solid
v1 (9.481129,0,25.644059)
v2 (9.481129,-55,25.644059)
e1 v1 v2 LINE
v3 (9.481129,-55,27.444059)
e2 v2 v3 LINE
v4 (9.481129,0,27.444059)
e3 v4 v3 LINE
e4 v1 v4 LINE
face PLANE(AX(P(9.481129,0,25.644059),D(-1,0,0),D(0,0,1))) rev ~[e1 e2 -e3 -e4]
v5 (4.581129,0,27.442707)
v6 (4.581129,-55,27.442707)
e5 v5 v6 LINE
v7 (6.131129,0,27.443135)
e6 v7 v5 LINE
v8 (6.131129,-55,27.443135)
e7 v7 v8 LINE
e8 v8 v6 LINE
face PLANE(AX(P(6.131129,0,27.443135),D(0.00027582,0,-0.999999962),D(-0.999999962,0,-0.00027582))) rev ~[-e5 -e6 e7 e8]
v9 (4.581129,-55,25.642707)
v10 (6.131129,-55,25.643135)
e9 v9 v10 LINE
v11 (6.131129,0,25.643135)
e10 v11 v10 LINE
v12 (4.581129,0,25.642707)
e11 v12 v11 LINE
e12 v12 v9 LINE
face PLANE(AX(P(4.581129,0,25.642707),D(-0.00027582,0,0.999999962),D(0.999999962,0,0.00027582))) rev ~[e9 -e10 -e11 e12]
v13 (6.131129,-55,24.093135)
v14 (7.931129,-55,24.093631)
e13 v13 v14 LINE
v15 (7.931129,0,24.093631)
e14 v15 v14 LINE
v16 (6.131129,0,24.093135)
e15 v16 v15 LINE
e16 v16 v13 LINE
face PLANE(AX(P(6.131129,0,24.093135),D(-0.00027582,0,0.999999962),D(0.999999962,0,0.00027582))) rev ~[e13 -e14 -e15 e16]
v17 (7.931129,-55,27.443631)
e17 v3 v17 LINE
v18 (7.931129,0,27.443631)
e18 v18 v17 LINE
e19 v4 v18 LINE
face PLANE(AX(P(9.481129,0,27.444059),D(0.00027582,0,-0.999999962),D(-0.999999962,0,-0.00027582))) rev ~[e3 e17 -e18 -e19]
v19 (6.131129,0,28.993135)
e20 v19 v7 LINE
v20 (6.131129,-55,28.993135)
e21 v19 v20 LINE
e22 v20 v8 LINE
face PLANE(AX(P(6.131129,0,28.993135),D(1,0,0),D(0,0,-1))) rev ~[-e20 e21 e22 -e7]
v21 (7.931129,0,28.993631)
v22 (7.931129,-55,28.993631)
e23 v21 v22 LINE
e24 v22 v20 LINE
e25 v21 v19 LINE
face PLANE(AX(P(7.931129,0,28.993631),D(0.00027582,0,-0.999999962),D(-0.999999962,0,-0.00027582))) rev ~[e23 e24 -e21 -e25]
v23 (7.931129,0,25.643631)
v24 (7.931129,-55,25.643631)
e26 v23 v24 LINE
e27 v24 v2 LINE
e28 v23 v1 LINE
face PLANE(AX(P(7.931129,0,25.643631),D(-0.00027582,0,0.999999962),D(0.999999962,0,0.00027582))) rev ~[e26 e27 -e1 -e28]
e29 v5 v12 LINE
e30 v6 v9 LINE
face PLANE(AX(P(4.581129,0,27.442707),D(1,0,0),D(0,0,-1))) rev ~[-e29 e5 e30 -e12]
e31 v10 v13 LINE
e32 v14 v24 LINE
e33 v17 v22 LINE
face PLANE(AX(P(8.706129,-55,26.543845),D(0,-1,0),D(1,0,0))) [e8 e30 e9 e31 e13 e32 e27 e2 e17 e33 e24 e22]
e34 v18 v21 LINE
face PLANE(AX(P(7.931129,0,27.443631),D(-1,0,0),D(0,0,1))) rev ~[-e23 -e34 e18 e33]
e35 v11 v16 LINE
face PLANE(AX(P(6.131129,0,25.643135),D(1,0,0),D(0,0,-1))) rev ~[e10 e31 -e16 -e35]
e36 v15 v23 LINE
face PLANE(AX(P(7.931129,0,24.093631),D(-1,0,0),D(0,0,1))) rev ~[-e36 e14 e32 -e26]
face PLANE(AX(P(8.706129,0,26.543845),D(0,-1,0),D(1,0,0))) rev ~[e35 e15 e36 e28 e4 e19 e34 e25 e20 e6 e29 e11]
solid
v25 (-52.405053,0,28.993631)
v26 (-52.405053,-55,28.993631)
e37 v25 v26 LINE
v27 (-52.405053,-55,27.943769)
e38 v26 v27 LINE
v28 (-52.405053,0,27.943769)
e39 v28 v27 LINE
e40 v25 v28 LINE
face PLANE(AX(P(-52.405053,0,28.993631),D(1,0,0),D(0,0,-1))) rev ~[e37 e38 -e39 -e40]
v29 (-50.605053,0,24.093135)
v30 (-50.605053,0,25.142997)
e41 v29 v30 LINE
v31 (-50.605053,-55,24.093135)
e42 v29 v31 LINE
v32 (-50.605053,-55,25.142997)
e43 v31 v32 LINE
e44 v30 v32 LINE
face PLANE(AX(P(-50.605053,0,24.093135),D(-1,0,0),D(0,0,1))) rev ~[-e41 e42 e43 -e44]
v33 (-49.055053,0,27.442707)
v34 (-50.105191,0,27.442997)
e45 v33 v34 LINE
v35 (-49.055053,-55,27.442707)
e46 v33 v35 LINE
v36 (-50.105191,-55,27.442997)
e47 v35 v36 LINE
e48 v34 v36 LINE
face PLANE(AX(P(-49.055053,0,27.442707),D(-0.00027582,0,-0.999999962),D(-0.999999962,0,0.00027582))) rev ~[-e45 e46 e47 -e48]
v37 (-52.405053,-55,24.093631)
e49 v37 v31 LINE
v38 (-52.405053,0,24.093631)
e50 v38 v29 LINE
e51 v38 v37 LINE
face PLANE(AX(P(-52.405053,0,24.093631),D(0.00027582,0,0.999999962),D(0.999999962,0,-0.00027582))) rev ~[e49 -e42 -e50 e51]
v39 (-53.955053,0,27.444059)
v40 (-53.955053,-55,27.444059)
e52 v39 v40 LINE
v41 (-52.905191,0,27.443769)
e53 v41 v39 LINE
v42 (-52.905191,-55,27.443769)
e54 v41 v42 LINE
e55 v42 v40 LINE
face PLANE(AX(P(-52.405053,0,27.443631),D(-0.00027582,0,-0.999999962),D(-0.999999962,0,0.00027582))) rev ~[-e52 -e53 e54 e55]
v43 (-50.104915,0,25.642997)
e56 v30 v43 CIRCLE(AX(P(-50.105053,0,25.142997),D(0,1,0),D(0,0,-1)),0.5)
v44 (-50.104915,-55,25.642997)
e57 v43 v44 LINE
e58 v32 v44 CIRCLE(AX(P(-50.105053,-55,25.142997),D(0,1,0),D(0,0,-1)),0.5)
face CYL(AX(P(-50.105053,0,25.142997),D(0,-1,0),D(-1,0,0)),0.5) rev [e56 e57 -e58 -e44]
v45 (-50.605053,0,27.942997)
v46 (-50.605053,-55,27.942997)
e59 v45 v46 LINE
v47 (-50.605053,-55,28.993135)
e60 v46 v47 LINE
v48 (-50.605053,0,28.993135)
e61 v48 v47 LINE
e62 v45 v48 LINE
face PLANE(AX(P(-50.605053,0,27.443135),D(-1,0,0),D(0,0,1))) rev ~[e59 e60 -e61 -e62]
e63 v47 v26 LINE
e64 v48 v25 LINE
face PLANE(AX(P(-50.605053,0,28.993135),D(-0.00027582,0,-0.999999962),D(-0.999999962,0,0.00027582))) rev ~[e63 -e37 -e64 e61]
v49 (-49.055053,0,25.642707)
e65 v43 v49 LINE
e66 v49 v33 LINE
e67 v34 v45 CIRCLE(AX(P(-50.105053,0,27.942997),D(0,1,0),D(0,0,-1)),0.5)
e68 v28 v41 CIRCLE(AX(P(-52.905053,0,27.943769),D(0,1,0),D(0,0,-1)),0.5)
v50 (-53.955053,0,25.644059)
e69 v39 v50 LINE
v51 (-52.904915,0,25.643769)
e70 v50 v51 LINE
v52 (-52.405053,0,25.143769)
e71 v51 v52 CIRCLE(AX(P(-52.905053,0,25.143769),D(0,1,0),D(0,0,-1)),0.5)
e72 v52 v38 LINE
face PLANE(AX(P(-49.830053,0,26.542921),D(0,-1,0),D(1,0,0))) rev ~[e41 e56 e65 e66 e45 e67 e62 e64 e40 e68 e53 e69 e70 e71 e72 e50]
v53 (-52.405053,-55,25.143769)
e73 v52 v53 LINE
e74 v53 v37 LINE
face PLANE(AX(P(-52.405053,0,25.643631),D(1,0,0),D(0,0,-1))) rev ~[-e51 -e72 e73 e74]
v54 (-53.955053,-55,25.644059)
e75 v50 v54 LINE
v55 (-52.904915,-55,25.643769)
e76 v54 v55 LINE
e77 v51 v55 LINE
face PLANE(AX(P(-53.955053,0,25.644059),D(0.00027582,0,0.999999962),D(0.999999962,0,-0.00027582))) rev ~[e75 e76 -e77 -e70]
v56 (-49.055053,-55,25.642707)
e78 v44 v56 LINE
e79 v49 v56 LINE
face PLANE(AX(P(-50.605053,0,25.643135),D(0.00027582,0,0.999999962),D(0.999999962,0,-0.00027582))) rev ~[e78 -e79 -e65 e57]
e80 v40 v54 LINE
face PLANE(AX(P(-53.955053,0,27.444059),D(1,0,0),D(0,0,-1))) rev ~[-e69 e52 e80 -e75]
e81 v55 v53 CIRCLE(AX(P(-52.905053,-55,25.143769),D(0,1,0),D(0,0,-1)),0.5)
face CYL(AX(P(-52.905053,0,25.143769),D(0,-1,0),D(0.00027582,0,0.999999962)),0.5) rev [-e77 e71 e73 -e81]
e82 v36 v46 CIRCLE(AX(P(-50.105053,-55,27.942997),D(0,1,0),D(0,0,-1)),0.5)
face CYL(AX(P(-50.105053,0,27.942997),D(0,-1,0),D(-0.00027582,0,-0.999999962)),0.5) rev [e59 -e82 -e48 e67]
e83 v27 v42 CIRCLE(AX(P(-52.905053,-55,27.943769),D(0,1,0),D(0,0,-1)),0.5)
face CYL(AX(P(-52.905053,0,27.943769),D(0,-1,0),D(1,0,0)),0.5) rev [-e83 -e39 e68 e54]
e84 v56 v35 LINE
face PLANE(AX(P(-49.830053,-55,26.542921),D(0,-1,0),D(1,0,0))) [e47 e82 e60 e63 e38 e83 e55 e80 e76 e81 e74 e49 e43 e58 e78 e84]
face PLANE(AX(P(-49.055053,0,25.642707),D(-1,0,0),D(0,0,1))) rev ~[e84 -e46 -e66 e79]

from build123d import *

# Parameters (mm, degrees)
F1_DEPTH = 55
F2_R     = 0.5


with BuildPart() as f1:
    # F0 (on Front) → F1 (new body)
    with BuildSketch(Plane.XZ):
        Polygon((-49.0550526943, 25.6427074619), (-49.0550526943, 27.442707344), (-50.6050526943, 27.4431348655), (-50.6050526943, 25.6431349835), align=None)
        Polygon((-50.6050526943, 25.6431349835), (-50.6050526943, 27.4431348655), (-52.4050526943, 27.4436313422), (-52.4050526943, 25.6436314601), align=None)
        Polygon((-52.4050526943, 27.4436313422), (-50.6050526943, 27.4431348655), (-50.6050526943, 28.9931349245), (-52.4050526943, 28.9936314011), align=None)
        Polygon((-52.4050526943, 25.6436314601), (-52.4050526943, 27.4436313422), (-53.9550526943, 27.4440588637), (-53.9550526943, 25.6440589817), align=None)
        Polygon((-50.6050526943, 24.0931349245), (-50.6050526943, 25.6431349835), (-52.4050526943, 25.6436314601), (-52.4050526943, 24.0936314011), align=None)
    extrude(amount=F1_DEPTH)

    # F2
    f2_edges = [f1.edges().sort_by_distance(p)[0] for p in [
        (-50.605053, -27.5, 27.443135),
        (-50.605053, -27.5, 25.643135),
        (-52.405053, -27.5, 27.443631),
        (-52.405053, -27.5, 25.643631),
    ]]
    fillet(f2_edges, radius=F2_R)


with BuildPart() as f1b:
    # F0 (on Front) → F1, piece 2 (new body)
    with BuildSketch(Plane.XZ):
        Polygon((9.4811289515, 25.6440589817), (9.4811289515, 27.4440588637), (7.9311289515, 27.4436313422), (7.9311289515, 25.6436314601), align=None)
        Polygon((6.1311289515, 27.4431348655), (7.9311289515, 27.4436313422), (7.9311289515, 28.9936314011), (6.1311289515, 28.9931349245), align=None)
        Polygon((7.9311289515, 25.6436314601), (7.9311289515, 27.4436313422), (6.1311289515, 27.4431348655), (6.1311289515, 25.6431349835), align=None)
        Polygon((7.9311289515, 24.0936314011), (7.9311289515, 25.6436314601), (6.1311289515, 25.6431349835), (6.1311289515, 24.0931349245), align=None)
        Polygon((6.1311289515, 25.6431349835), (6.1311289515, 27.4431348655), (4.5811289515, 27.442707344), (4.5811289515, 25.6427074619), align=None)
    extrude(amount=F1_DEPTH)


solid = Compound([f1.part, f1b.part])
